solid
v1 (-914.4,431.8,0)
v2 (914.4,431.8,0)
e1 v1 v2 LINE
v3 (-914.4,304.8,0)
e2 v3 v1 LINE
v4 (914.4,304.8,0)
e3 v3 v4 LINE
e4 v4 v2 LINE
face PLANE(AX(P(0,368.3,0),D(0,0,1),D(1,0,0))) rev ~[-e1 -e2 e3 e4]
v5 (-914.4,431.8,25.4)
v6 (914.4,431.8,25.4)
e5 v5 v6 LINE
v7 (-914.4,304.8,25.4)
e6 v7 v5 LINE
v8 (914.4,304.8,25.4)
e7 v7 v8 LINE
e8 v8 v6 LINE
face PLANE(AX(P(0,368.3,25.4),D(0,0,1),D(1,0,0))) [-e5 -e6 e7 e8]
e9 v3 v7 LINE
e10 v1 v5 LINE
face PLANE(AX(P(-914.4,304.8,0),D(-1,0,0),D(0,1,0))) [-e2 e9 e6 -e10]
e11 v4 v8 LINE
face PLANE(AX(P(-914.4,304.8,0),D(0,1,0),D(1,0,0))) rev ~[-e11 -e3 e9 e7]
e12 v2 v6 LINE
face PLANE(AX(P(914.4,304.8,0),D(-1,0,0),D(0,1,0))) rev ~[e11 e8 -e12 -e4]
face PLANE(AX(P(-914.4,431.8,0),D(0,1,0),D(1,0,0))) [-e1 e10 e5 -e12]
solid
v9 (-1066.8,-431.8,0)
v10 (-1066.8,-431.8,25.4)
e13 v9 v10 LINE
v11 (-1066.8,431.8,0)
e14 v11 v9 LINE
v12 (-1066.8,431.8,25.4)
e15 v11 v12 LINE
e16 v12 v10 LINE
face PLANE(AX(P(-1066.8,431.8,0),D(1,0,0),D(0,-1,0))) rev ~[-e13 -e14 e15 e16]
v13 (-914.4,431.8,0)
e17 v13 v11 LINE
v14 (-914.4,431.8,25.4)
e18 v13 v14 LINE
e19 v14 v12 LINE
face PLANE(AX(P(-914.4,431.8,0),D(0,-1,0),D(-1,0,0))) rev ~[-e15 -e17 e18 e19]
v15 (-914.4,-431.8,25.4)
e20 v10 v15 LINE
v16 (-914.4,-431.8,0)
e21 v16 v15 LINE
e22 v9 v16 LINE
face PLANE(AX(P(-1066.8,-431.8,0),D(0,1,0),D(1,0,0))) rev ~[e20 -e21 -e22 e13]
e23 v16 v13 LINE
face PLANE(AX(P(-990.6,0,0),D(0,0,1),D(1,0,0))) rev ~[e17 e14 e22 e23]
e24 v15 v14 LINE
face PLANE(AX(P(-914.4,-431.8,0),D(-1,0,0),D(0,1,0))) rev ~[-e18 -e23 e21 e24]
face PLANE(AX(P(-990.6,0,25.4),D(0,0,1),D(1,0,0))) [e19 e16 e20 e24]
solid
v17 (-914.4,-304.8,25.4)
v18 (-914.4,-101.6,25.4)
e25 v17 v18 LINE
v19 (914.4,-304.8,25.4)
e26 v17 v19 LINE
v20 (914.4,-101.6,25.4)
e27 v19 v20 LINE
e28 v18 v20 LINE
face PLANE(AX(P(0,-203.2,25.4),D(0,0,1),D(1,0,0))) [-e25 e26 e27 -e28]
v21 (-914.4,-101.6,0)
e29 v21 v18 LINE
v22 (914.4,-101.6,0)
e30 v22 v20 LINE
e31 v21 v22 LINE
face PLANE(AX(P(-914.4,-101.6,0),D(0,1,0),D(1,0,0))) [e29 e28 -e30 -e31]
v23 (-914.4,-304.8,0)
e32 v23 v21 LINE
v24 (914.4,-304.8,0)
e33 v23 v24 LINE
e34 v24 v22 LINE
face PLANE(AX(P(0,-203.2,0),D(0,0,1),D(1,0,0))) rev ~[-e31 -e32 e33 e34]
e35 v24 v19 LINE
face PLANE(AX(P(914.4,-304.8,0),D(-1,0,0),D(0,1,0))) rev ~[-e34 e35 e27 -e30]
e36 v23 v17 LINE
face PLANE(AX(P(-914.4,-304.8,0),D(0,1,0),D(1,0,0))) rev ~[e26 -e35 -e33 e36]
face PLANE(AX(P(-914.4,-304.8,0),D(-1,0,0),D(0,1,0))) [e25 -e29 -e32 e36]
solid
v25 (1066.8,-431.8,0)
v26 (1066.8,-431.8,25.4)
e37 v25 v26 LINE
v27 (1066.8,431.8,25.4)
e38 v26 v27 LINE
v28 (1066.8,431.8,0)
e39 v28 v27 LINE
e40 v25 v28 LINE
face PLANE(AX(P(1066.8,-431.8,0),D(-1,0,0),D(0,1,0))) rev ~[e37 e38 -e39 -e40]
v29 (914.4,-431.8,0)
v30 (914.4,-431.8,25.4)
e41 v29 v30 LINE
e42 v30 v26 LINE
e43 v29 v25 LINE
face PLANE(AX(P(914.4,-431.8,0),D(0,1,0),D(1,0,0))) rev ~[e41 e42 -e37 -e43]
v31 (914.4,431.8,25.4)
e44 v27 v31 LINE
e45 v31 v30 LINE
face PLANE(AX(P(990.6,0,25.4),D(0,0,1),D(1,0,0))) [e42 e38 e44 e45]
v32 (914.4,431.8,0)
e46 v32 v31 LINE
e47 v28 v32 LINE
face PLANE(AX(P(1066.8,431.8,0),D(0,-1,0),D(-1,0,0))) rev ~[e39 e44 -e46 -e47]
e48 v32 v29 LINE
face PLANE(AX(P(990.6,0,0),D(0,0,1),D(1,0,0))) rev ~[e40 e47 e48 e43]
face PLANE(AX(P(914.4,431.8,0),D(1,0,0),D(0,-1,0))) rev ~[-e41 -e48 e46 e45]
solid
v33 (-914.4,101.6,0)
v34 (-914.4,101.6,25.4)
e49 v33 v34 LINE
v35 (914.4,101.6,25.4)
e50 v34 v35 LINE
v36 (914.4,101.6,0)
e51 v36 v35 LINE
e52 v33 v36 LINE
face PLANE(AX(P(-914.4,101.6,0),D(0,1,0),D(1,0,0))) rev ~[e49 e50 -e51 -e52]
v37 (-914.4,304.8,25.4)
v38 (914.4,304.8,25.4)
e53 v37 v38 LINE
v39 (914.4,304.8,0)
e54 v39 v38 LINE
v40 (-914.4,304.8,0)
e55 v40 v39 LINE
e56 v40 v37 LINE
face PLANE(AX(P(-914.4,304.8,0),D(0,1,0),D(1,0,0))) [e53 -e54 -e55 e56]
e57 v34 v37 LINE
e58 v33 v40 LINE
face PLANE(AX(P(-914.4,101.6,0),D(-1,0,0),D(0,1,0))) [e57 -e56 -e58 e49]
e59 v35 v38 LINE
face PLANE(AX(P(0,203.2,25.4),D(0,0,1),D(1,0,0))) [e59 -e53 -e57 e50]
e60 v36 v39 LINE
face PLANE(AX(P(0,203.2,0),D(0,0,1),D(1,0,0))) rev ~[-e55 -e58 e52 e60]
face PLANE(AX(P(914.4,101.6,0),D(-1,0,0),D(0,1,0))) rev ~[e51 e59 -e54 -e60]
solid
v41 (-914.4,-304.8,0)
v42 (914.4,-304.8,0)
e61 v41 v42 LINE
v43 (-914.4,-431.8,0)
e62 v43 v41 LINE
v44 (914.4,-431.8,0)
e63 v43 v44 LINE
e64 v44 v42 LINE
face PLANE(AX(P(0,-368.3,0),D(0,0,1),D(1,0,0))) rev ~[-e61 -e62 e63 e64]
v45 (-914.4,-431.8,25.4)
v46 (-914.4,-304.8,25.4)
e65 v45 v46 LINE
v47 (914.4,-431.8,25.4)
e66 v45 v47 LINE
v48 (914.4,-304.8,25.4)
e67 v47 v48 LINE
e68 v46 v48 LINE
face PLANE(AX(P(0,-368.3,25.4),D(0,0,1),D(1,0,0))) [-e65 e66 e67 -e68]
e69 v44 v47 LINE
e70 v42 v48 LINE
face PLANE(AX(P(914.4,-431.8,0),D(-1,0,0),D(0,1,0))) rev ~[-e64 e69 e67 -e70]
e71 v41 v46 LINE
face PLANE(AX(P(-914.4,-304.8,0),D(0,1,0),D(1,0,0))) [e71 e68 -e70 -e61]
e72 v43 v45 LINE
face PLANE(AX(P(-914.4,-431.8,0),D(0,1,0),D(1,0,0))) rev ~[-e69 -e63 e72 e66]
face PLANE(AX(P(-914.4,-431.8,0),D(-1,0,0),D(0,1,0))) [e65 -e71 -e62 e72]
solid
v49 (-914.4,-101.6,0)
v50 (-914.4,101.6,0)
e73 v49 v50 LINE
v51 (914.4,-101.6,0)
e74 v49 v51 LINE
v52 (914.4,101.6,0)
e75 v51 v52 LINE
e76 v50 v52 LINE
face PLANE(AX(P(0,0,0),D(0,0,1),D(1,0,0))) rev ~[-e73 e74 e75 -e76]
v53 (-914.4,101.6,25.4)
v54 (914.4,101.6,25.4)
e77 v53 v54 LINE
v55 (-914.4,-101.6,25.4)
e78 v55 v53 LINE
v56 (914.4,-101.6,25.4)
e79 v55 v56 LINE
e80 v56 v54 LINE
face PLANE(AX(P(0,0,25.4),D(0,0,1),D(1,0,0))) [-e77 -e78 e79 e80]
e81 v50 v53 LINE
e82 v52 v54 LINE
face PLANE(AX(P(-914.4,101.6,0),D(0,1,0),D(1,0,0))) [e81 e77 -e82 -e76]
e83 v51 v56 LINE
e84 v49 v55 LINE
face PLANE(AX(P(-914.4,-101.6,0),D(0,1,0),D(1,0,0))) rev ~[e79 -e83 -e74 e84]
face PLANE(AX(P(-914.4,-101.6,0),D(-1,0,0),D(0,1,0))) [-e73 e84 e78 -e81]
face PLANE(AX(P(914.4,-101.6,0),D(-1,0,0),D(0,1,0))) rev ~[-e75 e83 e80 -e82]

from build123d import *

# Parameters (mm, degrees)
F1_DEPTH = 25.4
F0_W     = 1828.8
F0_H     = 127
F0_H_2   = 203.2
F2_DEPTH = 25.4
F3_DEPTH = 25.4


with BuildPart() as f1:
    # F0 (on Top) → F1 (new body)
    with BuildSketch(Plane.XY):
        Polygon((-1066.8, -431.8), (-914.4, -431.8), (-914.4, -304.8), (-914.4, -101.6), (-914.4, 101.6), (-914.4, 304.8), (-914.4, 431.8), (-1066.8, 431.8), align=None)
        Polygon((914.4, -431.8), (1066.8, -431.8), (1066.8, 431.8), (914.4, 431.8), (914.4, 304.8), (914.4, 101.6), (914.4, -101.6), (914.4, -304.8), align=None)
    extrude(amount=F1_DEPTH)


with BuildPart() as f2:
    # F0 (on Top) → F2 (new body)
    with BuildSketch(Plane.XY):
        with Locations((0, 368.3)):
            Rectangle(F0_W, F0_H)
        Rectangle(F0_W, F0_H_2)
        with Locations((0, -368.3)):
            Rectangle(F0_W, F0_H)
    extrude(amount=F2_DEPTH)


with BuildPart() as f3:
    # F0 (on Top) → F3 (new body)
    with BuildSketch(Plane.XY):
        with Locations((0, 203.2)):
            Rectangle(F0_W, F0_H_2)
        with Locations((0, -203.2)):
            Rectangle(F0_W, F0_H_2)
    extrude(amount=F3_DEPTH)


solid = Compound([f1.part, f2.part, f3.part])
